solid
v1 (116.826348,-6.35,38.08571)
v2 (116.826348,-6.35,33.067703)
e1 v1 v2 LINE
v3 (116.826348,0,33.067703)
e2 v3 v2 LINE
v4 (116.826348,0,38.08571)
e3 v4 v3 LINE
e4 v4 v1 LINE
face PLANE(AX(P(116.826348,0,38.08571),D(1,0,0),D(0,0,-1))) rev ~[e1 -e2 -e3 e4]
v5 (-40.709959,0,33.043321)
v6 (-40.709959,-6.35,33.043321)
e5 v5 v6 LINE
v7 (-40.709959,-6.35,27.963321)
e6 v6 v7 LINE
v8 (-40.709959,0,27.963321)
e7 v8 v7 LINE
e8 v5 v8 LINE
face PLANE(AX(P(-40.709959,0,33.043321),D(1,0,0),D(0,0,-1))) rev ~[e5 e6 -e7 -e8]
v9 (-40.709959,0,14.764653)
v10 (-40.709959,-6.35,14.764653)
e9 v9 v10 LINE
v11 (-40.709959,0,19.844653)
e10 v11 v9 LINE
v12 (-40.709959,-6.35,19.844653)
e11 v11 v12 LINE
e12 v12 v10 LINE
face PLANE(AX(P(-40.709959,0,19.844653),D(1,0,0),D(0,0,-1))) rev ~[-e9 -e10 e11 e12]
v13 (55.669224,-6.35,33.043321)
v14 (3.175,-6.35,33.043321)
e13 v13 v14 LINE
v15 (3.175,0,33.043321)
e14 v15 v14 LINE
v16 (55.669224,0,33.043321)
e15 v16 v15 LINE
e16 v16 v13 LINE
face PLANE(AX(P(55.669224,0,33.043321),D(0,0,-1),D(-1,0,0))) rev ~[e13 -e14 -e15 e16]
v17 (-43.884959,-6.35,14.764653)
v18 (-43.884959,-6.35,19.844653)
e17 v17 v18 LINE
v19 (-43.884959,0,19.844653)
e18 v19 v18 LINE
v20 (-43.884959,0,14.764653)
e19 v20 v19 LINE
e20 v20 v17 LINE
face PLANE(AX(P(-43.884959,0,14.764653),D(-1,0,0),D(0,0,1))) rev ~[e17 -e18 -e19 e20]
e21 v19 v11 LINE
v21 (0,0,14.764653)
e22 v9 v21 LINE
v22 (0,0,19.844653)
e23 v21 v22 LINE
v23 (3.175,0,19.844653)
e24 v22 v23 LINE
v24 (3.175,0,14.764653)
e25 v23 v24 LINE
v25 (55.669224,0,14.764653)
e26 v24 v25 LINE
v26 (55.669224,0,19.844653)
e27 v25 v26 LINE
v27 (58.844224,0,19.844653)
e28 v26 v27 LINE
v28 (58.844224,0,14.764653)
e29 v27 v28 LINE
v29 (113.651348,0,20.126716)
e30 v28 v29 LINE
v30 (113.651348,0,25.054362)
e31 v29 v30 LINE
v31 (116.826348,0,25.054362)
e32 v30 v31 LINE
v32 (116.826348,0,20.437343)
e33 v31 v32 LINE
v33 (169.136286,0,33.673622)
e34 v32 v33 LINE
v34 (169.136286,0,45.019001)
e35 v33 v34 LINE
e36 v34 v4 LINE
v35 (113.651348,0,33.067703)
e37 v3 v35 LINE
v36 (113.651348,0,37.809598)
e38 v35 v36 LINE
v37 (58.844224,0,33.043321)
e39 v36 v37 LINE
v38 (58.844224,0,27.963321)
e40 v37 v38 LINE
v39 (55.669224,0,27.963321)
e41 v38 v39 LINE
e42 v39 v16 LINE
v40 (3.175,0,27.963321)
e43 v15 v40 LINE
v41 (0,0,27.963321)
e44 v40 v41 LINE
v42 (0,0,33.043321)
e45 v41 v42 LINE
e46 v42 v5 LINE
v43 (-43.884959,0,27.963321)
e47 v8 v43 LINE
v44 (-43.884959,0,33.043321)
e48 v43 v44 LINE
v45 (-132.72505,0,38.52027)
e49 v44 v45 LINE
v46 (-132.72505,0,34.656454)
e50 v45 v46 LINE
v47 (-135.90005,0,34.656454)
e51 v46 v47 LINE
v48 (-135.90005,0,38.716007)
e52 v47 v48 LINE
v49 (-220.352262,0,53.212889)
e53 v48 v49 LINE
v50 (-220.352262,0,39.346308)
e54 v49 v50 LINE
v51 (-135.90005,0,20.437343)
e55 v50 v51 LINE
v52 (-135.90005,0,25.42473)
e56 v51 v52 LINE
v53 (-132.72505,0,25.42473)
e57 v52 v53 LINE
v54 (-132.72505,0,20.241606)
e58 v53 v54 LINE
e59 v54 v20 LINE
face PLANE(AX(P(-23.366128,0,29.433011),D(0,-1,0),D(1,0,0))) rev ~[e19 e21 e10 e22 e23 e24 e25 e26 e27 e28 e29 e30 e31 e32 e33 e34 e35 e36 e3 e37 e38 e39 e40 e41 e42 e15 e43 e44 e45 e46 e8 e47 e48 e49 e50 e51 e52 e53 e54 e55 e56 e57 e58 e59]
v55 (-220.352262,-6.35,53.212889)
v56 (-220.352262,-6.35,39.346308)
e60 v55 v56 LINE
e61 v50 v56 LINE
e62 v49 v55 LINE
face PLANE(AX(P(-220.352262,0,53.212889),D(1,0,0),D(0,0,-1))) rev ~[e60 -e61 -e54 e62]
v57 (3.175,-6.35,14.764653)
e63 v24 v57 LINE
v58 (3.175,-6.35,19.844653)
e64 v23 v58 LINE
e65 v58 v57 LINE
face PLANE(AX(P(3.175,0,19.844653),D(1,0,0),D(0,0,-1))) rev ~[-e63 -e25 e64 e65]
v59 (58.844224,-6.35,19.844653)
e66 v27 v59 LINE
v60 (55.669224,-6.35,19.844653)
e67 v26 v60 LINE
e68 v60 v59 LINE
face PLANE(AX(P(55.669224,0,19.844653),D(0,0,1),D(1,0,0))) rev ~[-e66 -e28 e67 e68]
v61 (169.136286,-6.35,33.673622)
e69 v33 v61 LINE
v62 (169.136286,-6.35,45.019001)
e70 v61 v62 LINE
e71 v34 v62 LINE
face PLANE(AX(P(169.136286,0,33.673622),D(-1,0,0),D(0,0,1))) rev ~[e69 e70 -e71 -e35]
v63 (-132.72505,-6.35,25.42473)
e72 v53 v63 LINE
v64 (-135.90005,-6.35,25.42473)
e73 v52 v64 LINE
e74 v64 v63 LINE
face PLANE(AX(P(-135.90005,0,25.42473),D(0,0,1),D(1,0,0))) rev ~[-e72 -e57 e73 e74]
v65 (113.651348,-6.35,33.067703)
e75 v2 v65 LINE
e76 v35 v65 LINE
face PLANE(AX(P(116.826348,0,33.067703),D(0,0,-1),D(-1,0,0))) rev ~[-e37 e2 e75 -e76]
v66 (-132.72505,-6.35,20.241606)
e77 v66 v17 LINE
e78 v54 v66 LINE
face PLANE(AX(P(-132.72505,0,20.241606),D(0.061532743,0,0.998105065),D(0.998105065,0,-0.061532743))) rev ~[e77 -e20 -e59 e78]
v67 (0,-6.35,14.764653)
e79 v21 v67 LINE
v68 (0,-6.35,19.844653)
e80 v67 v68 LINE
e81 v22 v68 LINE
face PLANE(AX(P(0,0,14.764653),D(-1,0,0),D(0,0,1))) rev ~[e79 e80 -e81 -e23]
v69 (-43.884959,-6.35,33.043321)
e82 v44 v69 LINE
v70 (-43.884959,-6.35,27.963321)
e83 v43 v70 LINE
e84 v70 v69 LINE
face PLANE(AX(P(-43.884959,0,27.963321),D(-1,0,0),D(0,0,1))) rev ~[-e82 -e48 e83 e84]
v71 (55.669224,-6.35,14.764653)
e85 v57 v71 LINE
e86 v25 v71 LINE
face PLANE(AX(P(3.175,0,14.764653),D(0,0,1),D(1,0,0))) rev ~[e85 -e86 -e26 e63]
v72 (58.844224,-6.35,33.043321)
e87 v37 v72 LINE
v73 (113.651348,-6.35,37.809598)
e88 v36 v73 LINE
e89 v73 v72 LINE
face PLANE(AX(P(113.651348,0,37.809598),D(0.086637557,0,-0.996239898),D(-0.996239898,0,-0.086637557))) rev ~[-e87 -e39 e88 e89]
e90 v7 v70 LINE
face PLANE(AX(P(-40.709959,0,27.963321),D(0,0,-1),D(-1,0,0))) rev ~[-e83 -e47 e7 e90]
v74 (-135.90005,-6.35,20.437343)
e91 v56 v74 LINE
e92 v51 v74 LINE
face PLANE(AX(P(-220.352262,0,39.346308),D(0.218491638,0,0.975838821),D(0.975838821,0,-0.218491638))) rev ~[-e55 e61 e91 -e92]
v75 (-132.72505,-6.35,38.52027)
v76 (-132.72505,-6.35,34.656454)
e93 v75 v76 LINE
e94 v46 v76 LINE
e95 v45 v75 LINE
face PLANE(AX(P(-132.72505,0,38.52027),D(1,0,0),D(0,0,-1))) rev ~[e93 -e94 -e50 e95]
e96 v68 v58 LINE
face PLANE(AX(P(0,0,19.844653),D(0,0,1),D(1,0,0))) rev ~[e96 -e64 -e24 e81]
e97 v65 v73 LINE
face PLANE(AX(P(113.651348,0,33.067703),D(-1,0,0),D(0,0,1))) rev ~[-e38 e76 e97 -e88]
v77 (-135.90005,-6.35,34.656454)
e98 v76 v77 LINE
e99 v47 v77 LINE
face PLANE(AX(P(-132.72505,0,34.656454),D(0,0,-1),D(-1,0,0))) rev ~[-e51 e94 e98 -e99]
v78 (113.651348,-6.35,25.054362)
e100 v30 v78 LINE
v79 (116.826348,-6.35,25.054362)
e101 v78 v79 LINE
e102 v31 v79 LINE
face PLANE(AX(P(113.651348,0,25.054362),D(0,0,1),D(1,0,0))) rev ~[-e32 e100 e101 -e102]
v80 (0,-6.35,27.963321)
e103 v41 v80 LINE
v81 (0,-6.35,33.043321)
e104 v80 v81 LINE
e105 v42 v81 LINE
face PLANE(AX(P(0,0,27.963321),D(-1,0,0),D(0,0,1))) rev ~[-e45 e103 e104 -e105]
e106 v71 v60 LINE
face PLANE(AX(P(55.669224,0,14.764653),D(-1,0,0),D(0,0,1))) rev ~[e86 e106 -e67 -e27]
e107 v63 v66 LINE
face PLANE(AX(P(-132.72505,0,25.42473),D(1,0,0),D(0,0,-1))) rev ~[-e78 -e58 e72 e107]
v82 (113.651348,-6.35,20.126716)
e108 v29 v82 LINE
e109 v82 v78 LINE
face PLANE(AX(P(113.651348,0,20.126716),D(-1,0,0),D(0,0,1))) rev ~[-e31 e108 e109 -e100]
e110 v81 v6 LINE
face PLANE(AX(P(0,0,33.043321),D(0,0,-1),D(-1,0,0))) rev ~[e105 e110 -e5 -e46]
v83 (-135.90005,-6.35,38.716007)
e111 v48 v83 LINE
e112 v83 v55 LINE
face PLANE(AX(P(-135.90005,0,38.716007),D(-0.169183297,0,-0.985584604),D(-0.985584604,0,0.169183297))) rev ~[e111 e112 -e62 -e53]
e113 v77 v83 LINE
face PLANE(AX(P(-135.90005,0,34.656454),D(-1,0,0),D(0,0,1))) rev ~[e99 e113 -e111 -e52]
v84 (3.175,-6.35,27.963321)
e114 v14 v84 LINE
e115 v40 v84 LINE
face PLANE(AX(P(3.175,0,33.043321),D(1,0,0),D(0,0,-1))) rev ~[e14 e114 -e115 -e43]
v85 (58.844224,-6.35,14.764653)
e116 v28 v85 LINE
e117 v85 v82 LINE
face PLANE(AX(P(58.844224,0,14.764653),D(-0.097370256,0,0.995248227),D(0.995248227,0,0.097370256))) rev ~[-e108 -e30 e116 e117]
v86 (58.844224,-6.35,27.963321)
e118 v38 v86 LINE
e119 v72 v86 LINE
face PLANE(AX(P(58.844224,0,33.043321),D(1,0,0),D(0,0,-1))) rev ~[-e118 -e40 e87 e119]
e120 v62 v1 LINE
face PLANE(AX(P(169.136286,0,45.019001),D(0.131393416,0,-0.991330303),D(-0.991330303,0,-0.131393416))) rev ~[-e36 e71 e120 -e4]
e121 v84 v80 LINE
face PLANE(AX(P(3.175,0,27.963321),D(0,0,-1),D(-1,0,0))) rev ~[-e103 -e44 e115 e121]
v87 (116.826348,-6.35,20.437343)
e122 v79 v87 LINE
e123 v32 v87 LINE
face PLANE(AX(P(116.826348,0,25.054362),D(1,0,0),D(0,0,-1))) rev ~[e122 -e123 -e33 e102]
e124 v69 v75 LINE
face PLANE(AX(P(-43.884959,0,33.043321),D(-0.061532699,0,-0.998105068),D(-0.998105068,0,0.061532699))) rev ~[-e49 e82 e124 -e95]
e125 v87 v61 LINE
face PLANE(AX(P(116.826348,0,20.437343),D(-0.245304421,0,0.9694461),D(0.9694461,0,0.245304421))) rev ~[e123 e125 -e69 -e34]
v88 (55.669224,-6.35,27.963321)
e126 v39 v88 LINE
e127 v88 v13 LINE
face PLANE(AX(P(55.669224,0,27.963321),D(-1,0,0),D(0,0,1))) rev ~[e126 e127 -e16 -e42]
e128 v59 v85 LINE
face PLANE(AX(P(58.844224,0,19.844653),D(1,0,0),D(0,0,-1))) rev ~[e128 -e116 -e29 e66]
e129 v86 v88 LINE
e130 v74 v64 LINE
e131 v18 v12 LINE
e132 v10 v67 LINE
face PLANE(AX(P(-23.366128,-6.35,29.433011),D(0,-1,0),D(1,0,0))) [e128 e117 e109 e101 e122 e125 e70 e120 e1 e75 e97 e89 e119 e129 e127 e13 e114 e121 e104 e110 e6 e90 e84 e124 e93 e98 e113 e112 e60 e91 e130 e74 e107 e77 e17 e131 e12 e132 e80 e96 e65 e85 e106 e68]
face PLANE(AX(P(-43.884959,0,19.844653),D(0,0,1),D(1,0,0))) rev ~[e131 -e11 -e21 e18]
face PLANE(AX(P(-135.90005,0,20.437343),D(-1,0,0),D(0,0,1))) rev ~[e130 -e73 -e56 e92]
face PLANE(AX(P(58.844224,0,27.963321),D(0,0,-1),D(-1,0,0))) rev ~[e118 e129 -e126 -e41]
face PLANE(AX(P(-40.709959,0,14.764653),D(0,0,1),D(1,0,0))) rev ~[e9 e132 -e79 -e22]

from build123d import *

# Parameters (mm, degrees)
F1_DEPTH = 6.35


with BuildPart() as f1:
    # F0 (on Front) → F1 (new body)
    with BuildSketch(Plane.XZ):
        Polygon((-135.90005, 38.716007), (-220.352262, 53.212889), (-220.352262, 39.346308), (-135.90005, 20.437343), (-135.90005, 25.42473), (-132.72505, 25.42473), (-132.72505, 20.241606), (-43.884959, 14.764653), (-43.884959, 19.270245), (-43.884959, 19.844653), (-40.709959, 19.844653), (-40.709959, 19.270245), (-40.709959, 14.764653), (0, 14.764653), (0, 19.844653), (3.175, 19.844653), (3.175, 14.764653), (55.669224, 14.764653), (55.669224, 19.844653), (58.844224, 19.844653), (58.844224, 14.764653), (113.651348, 20.126716), (113.651348, 25.054362), (116.826348, 25.054362), (116.826348, 20.437343), (169.136286, 33.673622), (169.136286, 45.019001), (116.826348, 38.08571), (116.826348, 33.067703), (113.651348, 33.067703), (113.651348, 37.809598), (58.844224, 33.043321), (58.844224, 27.963321), (55.669224, 27.963321), (55.669224, 33.043321), (3.175, 33.043321), (3.175, 27.963321), (0, 27.963321), (0, 33.043321), (-40.709959, 33.043321), (-40.709959, 27.963321), (-43.884959, 27.963321), (-43.884959, 33.043321), (-132.72505, 38.52027), (-132.72505, 34.656454), (-135.90005, 34.656454), align=None)
    extrude(amount=F1_DEPTH)


solid = f1.part
